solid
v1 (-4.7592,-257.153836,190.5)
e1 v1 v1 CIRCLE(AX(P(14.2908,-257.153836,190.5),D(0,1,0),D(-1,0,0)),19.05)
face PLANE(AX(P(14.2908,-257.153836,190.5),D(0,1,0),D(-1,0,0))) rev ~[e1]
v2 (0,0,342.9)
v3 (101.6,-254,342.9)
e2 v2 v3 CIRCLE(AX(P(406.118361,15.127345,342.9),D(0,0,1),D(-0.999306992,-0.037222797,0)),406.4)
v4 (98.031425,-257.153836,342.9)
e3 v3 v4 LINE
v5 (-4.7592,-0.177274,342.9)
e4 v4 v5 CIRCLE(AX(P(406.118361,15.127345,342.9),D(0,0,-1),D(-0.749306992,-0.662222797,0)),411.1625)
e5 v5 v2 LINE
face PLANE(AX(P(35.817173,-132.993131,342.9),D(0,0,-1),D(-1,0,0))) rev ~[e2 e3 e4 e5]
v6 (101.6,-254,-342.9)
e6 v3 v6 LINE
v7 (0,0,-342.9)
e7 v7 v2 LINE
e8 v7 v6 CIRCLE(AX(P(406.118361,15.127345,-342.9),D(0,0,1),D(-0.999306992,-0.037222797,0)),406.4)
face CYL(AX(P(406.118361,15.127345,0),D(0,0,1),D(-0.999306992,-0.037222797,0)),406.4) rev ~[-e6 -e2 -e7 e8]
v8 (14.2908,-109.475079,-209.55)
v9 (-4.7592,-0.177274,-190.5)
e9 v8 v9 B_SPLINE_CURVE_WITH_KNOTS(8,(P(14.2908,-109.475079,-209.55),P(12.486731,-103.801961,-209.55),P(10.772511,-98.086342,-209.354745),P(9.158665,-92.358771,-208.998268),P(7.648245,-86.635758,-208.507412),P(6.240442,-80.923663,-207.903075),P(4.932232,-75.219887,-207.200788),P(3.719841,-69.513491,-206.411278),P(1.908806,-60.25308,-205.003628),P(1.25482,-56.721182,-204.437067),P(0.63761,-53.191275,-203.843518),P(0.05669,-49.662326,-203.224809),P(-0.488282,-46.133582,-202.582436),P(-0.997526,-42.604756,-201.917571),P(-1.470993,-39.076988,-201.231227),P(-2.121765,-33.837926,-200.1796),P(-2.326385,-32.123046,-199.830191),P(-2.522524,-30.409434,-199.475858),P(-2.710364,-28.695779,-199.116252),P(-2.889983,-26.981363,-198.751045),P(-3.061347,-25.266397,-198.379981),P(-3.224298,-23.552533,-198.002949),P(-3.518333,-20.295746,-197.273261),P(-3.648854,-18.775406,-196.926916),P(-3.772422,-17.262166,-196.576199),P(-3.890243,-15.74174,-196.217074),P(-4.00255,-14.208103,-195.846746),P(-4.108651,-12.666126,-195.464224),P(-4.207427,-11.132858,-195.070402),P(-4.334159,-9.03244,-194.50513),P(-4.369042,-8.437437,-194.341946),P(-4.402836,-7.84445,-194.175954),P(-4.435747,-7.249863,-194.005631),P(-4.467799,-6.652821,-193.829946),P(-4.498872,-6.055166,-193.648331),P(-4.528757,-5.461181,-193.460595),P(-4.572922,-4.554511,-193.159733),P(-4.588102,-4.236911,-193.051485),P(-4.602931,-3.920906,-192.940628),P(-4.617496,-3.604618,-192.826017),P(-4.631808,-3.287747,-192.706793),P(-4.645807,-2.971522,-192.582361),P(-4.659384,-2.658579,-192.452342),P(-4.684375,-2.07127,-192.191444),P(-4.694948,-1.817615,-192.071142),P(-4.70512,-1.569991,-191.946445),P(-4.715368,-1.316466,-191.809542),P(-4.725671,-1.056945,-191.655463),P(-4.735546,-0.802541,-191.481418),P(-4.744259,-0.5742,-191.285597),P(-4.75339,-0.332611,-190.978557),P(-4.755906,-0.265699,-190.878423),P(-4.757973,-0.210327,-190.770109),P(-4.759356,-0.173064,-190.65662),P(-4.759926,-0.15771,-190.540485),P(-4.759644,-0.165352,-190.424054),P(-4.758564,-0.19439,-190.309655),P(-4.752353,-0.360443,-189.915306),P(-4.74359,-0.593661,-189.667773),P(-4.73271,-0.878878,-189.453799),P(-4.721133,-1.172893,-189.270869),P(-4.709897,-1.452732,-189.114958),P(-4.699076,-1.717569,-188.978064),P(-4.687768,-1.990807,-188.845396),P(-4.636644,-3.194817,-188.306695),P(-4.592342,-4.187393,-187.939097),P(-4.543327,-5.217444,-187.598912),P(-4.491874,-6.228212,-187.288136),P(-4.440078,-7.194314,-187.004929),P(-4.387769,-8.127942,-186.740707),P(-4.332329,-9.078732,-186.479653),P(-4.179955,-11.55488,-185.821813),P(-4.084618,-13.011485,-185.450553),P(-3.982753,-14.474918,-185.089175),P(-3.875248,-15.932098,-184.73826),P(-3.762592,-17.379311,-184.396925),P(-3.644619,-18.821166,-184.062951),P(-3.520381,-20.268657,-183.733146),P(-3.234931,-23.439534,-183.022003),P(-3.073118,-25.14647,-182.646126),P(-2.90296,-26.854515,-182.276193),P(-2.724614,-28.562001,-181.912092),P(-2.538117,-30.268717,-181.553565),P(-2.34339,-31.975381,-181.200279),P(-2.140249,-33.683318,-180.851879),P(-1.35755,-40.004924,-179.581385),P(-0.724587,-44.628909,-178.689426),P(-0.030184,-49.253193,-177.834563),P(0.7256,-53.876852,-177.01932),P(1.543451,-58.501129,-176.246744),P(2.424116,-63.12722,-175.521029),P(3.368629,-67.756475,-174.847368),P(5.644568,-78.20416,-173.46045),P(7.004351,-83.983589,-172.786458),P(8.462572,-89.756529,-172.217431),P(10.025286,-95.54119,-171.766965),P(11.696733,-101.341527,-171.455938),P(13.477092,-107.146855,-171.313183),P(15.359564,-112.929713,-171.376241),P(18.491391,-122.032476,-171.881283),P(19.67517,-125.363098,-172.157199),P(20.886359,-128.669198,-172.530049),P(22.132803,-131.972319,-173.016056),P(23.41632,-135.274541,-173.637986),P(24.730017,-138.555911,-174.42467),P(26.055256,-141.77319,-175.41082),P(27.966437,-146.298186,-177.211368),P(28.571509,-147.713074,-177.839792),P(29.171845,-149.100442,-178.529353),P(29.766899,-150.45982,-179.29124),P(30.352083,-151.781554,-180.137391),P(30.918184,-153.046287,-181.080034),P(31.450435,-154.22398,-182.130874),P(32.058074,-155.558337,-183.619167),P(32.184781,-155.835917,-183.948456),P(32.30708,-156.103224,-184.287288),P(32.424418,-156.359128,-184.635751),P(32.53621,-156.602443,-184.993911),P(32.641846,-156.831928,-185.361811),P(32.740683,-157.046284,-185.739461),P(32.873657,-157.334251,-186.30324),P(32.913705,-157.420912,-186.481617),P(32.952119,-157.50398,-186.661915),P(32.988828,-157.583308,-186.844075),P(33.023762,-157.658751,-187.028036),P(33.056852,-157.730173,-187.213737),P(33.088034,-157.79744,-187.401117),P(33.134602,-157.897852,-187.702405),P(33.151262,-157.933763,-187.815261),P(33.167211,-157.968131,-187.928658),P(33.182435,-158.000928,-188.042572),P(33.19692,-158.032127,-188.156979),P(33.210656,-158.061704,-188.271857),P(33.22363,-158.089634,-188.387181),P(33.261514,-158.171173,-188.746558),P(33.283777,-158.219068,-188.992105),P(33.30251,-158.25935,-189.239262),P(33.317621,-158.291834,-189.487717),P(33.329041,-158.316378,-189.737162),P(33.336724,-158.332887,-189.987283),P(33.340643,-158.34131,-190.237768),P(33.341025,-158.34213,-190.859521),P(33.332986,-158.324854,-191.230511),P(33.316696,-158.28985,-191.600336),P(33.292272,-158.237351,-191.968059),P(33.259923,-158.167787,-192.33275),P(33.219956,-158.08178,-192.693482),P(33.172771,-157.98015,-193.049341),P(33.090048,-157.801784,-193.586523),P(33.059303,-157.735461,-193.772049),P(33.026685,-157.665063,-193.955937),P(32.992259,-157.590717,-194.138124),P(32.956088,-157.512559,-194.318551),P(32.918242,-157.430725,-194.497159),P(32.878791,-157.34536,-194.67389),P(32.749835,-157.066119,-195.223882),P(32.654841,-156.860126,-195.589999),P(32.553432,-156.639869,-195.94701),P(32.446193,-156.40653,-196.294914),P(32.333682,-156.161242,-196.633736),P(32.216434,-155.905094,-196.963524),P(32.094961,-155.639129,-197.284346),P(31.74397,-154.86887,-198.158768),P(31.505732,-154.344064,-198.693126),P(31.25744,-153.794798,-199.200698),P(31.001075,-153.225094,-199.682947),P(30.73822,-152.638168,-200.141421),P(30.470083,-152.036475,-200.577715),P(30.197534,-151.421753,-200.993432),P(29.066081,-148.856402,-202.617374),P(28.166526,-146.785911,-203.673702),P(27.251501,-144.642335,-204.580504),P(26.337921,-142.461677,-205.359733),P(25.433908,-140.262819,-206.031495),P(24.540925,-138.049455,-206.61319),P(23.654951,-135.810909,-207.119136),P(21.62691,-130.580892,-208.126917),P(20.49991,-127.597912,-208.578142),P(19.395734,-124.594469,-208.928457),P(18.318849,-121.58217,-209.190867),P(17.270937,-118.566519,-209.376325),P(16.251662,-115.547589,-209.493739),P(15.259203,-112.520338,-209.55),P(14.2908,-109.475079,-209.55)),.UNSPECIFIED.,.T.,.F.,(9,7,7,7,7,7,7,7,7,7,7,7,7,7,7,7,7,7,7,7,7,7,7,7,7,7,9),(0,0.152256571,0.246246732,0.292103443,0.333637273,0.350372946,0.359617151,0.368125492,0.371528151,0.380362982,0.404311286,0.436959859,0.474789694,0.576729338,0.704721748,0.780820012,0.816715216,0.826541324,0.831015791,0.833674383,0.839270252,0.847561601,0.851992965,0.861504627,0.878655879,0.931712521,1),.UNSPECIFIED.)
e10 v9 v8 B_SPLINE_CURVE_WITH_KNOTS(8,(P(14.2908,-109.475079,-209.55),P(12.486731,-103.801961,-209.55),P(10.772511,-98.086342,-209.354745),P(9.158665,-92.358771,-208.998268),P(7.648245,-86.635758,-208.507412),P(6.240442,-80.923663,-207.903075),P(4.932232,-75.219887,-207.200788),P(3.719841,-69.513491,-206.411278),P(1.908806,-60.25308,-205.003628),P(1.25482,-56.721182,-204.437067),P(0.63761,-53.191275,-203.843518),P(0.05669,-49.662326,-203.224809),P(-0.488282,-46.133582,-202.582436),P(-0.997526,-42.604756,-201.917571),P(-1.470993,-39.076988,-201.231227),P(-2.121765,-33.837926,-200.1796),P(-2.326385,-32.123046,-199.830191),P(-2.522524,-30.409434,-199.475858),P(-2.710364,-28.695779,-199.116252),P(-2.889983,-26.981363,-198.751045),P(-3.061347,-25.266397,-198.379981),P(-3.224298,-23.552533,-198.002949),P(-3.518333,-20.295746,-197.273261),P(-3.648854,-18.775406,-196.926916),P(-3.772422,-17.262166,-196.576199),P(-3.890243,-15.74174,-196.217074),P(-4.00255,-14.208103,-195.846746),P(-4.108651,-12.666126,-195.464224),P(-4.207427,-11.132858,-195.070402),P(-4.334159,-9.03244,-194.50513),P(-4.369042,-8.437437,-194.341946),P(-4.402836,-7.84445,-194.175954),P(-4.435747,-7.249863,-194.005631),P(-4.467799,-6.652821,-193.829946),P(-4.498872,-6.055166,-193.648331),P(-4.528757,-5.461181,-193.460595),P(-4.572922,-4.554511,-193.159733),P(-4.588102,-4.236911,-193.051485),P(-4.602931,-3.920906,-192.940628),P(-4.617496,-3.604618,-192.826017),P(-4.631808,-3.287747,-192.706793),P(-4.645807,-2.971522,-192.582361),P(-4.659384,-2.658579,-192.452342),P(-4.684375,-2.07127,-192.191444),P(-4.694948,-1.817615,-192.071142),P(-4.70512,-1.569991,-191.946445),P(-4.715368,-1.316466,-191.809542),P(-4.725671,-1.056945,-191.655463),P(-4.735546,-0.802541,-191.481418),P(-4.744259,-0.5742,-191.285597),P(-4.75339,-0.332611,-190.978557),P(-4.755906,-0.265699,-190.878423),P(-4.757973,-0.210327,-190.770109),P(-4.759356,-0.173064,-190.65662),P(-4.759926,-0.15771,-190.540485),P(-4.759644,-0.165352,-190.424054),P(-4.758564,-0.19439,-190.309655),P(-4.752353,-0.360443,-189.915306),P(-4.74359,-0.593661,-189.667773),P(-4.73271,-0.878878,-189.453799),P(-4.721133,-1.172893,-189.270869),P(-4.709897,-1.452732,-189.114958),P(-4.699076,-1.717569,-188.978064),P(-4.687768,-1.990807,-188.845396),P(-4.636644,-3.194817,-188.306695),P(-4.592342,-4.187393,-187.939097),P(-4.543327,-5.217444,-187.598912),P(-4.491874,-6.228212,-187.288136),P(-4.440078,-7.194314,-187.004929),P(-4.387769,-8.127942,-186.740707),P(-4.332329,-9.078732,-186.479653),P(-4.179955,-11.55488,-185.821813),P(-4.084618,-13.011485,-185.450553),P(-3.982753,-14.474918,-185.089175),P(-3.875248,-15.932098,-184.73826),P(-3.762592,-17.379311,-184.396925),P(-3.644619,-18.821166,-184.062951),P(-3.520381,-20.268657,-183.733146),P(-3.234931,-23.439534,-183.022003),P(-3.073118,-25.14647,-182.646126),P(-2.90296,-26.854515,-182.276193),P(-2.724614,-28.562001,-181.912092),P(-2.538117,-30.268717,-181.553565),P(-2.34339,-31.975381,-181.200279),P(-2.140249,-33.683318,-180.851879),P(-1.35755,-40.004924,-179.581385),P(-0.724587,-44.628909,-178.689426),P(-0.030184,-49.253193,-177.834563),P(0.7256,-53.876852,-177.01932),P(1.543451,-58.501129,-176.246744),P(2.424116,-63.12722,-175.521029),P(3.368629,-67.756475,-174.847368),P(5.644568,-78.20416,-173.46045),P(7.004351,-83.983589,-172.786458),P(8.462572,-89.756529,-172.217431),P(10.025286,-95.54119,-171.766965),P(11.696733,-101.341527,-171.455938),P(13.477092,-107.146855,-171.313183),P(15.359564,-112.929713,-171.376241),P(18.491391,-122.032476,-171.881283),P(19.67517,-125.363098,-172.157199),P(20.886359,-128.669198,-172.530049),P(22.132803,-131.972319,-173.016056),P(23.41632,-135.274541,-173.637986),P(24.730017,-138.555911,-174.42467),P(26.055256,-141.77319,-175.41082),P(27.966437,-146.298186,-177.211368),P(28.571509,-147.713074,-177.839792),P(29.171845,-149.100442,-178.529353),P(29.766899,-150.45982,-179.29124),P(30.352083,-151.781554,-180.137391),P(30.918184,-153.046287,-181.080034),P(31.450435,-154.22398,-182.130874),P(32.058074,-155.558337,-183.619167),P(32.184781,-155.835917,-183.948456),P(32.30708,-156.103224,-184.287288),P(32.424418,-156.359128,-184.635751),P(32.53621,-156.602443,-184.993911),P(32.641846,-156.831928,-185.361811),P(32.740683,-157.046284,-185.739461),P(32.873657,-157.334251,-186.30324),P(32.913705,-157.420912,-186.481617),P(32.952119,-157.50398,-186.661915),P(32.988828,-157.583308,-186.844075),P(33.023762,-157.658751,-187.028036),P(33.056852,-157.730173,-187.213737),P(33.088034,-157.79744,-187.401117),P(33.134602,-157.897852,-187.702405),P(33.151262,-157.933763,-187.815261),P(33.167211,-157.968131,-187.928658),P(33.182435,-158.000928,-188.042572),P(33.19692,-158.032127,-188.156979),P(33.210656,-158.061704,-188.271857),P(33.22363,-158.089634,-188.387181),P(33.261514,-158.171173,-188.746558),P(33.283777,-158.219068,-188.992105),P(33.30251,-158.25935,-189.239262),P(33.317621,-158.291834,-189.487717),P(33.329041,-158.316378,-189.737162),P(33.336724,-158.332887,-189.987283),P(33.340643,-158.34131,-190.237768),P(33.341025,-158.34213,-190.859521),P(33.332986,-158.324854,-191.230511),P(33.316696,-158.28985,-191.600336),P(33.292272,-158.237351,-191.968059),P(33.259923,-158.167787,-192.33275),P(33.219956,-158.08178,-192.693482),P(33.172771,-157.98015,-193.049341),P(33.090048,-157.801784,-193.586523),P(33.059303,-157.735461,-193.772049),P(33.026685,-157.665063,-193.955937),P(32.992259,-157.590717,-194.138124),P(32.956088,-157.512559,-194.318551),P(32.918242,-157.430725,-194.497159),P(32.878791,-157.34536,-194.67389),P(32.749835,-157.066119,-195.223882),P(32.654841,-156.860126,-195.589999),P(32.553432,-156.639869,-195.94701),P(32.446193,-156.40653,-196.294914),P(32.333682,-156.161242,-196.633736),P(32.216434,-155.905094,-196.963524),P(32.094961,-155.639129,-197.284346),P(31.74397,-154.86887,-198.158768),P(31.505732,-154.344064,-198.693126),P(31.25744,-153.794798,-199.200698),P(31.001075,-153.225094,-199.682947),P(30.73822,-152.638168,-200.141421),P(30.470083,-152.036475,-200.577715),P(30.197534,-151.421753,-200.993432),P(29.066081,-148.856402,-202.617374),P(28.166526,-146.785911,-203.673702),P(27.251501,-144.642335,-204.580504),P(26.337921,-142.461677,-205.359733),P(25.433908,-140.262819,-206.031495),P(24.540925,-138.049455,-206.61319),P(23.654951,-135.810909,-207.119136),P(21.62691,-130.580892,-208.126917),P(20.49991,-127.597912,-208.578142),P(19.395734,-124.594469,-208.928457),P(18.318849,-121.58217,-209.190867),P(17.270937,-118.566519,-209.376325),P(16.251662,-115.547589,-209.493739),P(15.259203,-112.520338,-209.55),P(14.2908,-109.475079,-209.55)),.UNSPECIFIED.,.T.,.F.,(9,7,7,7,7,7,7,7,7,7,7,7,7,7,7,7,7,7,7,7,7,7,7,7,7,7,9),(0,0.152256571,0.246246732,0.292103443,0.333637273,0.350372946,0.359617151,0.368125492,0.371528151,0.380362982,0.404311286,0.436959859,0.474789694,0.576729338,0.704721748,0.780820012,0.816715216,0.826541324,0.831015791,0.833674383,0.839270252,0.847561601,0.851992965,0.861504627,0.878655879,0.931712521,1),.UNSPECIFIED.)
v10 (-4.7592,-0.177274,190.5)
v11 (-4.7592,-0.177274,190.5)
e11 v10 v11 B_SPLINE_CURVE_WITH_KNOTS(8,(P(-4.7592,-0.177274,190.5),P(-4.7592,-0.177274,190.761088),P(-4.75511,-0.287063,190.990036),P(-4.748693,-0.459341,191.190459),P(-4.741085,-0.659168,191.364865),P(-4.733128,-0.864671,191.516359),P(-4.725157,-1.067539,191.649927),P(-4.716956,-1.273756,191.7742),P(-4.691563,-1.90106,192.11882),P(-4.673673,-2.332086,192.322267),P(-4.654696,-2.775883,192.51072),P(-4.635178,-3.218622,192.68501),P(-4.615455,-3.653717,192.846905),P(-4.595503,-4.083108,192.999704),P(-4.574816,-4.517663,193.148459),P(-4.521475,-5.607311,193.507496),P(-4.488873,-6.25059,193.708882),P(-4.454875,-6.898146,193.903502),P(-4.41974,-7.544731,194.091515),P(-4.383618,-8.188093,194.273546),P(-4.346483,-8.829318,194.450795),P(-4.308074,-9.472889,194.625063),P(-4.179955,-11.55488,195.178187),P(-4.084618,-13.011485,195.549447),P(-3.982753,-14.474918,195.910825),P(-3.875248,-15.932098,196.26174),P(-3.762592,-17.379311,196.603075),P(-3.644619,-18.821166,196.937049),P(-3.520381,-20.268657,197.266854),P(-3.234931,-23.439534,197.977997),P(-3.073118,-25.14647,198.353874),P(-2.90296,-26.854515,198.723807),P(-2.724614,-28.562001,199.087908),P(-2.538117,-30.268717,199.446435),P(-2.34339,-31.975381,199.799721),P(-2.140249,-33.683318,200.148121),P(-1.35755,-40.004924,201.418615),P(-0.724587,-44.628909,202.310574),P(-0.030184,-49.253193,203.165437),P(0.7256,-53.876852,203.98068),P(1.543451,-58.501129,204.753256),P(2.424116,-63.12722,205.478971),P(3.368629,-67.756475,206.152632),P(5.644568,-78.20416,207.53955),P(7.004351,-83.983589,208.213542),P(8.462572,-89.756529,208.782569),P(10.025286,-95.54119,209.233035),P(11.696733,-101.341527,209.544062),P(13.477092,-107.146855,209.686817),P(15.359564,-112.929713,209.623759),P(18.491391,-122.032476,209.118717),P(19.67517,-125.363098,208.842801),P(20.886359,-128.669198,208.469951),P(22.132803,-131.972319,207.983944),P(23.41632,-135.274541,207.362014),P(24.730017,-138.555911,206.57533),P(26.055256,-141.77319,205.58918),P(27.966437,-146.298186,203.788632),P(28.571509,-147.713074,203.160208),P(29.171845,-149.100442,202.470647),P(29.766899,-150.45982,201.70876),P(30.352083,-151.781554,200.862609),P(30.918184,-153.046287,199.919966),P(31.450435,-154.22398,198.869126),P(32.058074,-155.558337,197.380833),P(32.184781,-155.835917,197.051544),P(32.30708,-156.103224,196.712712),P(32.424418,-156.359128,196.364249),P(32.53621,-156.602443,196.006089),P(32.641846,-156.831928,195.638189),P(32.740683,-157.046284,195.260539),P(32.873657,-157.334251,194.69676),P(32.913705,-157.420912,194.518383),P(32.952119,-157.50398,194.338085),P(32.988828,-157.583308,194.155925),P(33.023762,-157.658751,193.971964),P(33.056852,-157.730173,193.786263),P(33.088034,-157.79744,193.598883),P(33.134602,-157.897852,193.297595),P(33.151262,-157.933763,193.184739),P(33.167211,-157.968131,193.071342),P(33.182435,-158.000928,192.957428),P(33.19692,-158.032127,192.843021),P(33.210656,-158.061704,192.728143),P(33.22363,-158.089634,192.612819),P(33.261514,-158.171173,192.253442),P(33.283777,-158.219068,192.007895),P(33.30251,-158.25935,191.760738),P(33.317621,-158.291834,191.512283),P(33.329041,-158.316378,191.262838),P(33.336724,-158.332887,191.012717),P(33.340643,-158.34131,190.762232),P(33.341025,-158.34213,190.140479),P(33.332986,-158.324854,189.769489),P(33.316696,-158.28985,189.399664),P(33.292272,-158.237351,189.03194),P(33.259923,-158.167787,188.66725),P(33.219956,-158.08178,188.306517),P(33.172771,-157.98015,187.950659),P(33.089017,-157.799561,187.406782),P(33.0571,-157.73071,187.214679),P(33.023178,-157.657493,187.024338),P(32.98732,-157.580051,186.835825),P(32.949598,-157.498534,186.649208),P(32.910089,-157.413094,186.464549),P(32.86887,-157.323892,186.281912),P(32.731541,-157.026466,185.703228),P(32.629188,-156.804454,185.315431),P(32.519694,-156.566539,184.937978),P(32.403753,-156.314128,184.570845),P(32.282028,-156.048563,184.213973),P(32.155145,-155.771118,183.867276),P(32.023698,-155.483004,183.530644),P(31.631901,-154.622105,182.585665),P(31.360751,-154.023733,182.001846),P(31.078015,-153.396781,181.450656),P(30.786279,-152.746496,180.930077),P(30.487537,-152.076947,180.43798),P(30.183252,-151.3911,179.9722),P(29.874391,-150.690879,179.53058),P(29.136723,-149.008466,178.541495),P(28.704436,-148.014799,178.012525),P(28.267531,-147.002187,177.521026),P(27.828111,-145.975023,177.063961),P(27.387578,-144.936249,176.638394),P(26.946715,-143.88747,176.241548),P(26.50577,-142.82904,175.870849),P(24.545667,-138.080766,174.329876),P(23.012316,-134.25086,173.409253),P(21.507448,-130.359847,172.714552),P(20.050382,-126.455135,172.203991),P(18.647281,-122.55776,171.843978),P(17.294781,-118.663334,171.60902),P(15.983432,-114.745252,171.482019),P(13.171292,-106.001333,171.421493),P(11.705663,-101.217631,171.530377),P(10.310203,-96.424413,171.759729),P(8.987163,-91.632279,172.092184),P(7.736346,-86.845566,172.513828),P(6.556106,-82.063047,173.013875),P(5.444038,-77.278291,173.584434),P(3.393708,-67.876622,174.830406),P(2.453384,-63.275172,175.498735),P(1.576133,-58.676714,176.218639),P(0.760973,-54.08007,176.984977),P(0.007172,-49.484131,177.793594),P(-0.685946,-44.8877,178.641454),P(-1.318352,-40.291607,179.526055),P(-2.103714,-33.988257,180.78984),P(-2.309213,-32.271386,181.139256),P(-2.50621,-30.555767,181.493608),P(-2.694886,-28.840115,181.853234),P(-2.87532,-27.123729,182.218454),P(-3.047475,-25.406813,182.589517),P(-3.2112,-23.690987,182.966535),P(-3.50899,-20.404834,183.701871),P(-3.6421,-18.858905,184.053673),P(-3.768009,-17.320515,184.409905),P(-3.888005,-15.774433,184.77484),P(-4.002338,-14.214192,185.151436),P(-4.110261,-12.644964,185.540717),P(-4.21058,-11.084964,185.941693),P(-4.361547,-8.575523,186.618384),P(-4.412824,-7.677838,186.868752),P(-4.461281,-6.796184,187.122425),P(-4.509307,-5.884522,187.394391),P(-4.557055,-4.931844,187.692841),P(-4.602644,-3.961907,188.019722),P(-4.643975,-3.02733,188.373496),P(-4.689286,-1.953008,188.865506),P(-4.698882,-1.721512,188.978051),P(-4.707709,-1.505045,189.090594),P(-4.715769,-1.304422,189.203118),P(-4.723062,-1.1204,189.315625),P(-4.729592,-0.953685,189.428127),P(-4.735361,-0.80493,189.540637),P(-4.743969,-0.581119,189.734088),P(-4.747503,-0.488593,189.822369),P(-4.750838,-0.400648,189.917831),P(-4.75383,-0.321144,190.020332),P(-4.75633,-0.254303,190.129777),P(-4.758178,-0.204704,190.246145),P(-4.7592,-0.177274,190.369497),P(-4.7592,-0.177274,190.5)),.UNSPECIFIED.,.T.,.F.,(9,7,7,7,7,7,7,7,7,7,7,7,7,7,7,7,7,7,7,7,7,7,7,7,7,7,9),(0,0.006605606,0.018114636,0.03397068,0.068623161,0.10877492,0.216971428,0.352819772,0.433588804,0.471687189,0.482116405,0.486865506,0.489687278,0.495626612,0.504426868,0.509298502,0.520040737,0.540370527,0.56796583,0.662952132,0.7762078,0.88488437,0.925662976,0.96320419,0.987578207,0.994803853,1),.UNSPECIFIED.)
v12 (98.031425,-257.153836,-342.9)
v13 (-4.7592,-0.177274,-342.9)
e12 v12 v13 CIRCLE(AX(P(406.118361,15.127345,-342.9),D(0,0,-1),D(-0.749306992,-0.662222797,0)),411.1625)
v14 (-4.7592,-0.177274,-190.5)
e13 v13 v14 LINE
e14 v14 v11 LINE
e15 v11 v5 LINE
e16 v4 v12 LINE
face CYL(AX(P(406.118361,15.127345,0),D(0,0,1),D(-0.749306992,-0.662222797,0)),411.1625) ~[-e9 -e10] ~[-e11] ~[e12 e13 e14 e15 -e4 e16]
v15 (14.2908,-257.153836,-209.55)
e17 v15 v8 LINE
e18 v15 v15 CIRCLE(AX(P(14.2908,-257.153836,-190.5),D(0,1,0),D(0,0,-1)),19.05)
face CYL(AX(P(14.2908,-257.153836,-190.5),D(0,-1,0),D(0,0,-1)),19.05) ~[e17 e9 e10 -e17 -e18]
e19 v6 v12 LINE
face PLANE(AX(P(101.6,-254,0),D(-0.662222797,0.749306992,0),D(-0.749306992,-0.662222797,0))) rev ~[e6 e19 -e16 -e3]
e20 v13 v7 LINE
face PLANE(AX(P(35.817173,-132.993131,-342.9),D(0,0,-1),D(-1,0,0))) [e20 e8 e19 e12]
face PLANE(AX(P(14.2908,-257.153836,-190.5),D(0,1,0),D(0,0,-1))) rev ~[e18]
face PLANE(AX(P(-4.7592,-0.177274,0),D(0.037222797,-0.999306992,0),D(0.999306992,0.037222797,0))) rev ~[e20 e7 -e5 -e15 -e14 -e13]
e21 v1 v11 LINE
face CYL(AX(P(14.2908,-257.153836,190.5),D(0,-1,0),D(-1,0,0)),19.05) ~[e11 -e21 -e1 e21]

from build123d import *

# Parameters (mm, degrees)
EXTRUDE_THIN1_DEPTH      = 342.9
BOSS_EXTRUDE3_REACH      = 442.49
BOSS_EXTRUDE3_END_RADIUS = 411.1625
SKETCH8_R                = 19.05


with BuildPart() as part:
    # Sketch1 → Extrude-Thin1 (new, symmetric)
    with BuildSketch(Plane.XY):
        with BuildLine():
            ThreePointArc((0, 0), (28.7854342, -135.80582632), (101.6, -254))
            Line((101.6, -254), (98.031425453, -257.153836069))
            ThreePointArc((98.031425453, -257.153836069), (24.36356396, -137.574574416), (-4.759199547, -0.177273569))
            Line((-4.759199547, -0.177273569), (0, 0))
        make_face()
    extrude(amount=EXTRUDE_THIN1_DEPTH, both=True)

    # Boss-Extrude3: up to this cylinder (the profile starts outside it)
    boss_extrude3_end = Plane(origin=(406.118361376, 15.12734455, 0), z_dir=(0, 0, -1)) * Cylinder(BOSS_EXTRUDE3_END_RADIUS, 2089.305, mode=Mode.PRIVATE)
    # Sketch8 → Boss-Extrude3 (add, up to the surface)
    with BuildSketch(Plane(origin=(0, -257.153836069, 0), x_dir=(1, 0, 0), z_dir=(0, 1, 0)), mode=Mode.PRIVATE) as boss_extrude3_sk1:
        with Locations(Location((14.290800453, -190.5, 0), (0, 0, 180.000000002))):
            Circle(SKETCH8_R)
    boss_extrude3_tool1 = extrude(boss_extrude3_sk1.sketch, amount=BOSS_EXTRUDE3_REACH, mode=Mode.PRIVATE) - boss_extrude3_end
    add(boss_extrude3_tool1.solids().sort_by_distance((14.2908, -257.153836, 190.5))[0])
    # Sketch8 → Boss-Extrude3 (add, up to the surface)
    with BuildSketch(Plane(origin=(0, -257.153836069, 0), x_dir=(1, 0, 0), z_dir=(0, 1, 0)), mode=Mode.PRIVATE) as boss_extrude3_sk2:
        with Locations(Location((14.290800453, 190.5, 0), (0, 0, 90))):
            Circle(SKETCH8_R)
    boss_extrude3_tool2 = extrude(boss_extrude3_sk2.sketch, amount=BOSS_EXTRUDE3_REACH, mode=Mode.PRIVATE) - boss_extrude3_end
    add(boss_extrude3_tool2.solids().sort_by_distance((14.2908, -257.153836, -190.5))[0])


solid = part.part
